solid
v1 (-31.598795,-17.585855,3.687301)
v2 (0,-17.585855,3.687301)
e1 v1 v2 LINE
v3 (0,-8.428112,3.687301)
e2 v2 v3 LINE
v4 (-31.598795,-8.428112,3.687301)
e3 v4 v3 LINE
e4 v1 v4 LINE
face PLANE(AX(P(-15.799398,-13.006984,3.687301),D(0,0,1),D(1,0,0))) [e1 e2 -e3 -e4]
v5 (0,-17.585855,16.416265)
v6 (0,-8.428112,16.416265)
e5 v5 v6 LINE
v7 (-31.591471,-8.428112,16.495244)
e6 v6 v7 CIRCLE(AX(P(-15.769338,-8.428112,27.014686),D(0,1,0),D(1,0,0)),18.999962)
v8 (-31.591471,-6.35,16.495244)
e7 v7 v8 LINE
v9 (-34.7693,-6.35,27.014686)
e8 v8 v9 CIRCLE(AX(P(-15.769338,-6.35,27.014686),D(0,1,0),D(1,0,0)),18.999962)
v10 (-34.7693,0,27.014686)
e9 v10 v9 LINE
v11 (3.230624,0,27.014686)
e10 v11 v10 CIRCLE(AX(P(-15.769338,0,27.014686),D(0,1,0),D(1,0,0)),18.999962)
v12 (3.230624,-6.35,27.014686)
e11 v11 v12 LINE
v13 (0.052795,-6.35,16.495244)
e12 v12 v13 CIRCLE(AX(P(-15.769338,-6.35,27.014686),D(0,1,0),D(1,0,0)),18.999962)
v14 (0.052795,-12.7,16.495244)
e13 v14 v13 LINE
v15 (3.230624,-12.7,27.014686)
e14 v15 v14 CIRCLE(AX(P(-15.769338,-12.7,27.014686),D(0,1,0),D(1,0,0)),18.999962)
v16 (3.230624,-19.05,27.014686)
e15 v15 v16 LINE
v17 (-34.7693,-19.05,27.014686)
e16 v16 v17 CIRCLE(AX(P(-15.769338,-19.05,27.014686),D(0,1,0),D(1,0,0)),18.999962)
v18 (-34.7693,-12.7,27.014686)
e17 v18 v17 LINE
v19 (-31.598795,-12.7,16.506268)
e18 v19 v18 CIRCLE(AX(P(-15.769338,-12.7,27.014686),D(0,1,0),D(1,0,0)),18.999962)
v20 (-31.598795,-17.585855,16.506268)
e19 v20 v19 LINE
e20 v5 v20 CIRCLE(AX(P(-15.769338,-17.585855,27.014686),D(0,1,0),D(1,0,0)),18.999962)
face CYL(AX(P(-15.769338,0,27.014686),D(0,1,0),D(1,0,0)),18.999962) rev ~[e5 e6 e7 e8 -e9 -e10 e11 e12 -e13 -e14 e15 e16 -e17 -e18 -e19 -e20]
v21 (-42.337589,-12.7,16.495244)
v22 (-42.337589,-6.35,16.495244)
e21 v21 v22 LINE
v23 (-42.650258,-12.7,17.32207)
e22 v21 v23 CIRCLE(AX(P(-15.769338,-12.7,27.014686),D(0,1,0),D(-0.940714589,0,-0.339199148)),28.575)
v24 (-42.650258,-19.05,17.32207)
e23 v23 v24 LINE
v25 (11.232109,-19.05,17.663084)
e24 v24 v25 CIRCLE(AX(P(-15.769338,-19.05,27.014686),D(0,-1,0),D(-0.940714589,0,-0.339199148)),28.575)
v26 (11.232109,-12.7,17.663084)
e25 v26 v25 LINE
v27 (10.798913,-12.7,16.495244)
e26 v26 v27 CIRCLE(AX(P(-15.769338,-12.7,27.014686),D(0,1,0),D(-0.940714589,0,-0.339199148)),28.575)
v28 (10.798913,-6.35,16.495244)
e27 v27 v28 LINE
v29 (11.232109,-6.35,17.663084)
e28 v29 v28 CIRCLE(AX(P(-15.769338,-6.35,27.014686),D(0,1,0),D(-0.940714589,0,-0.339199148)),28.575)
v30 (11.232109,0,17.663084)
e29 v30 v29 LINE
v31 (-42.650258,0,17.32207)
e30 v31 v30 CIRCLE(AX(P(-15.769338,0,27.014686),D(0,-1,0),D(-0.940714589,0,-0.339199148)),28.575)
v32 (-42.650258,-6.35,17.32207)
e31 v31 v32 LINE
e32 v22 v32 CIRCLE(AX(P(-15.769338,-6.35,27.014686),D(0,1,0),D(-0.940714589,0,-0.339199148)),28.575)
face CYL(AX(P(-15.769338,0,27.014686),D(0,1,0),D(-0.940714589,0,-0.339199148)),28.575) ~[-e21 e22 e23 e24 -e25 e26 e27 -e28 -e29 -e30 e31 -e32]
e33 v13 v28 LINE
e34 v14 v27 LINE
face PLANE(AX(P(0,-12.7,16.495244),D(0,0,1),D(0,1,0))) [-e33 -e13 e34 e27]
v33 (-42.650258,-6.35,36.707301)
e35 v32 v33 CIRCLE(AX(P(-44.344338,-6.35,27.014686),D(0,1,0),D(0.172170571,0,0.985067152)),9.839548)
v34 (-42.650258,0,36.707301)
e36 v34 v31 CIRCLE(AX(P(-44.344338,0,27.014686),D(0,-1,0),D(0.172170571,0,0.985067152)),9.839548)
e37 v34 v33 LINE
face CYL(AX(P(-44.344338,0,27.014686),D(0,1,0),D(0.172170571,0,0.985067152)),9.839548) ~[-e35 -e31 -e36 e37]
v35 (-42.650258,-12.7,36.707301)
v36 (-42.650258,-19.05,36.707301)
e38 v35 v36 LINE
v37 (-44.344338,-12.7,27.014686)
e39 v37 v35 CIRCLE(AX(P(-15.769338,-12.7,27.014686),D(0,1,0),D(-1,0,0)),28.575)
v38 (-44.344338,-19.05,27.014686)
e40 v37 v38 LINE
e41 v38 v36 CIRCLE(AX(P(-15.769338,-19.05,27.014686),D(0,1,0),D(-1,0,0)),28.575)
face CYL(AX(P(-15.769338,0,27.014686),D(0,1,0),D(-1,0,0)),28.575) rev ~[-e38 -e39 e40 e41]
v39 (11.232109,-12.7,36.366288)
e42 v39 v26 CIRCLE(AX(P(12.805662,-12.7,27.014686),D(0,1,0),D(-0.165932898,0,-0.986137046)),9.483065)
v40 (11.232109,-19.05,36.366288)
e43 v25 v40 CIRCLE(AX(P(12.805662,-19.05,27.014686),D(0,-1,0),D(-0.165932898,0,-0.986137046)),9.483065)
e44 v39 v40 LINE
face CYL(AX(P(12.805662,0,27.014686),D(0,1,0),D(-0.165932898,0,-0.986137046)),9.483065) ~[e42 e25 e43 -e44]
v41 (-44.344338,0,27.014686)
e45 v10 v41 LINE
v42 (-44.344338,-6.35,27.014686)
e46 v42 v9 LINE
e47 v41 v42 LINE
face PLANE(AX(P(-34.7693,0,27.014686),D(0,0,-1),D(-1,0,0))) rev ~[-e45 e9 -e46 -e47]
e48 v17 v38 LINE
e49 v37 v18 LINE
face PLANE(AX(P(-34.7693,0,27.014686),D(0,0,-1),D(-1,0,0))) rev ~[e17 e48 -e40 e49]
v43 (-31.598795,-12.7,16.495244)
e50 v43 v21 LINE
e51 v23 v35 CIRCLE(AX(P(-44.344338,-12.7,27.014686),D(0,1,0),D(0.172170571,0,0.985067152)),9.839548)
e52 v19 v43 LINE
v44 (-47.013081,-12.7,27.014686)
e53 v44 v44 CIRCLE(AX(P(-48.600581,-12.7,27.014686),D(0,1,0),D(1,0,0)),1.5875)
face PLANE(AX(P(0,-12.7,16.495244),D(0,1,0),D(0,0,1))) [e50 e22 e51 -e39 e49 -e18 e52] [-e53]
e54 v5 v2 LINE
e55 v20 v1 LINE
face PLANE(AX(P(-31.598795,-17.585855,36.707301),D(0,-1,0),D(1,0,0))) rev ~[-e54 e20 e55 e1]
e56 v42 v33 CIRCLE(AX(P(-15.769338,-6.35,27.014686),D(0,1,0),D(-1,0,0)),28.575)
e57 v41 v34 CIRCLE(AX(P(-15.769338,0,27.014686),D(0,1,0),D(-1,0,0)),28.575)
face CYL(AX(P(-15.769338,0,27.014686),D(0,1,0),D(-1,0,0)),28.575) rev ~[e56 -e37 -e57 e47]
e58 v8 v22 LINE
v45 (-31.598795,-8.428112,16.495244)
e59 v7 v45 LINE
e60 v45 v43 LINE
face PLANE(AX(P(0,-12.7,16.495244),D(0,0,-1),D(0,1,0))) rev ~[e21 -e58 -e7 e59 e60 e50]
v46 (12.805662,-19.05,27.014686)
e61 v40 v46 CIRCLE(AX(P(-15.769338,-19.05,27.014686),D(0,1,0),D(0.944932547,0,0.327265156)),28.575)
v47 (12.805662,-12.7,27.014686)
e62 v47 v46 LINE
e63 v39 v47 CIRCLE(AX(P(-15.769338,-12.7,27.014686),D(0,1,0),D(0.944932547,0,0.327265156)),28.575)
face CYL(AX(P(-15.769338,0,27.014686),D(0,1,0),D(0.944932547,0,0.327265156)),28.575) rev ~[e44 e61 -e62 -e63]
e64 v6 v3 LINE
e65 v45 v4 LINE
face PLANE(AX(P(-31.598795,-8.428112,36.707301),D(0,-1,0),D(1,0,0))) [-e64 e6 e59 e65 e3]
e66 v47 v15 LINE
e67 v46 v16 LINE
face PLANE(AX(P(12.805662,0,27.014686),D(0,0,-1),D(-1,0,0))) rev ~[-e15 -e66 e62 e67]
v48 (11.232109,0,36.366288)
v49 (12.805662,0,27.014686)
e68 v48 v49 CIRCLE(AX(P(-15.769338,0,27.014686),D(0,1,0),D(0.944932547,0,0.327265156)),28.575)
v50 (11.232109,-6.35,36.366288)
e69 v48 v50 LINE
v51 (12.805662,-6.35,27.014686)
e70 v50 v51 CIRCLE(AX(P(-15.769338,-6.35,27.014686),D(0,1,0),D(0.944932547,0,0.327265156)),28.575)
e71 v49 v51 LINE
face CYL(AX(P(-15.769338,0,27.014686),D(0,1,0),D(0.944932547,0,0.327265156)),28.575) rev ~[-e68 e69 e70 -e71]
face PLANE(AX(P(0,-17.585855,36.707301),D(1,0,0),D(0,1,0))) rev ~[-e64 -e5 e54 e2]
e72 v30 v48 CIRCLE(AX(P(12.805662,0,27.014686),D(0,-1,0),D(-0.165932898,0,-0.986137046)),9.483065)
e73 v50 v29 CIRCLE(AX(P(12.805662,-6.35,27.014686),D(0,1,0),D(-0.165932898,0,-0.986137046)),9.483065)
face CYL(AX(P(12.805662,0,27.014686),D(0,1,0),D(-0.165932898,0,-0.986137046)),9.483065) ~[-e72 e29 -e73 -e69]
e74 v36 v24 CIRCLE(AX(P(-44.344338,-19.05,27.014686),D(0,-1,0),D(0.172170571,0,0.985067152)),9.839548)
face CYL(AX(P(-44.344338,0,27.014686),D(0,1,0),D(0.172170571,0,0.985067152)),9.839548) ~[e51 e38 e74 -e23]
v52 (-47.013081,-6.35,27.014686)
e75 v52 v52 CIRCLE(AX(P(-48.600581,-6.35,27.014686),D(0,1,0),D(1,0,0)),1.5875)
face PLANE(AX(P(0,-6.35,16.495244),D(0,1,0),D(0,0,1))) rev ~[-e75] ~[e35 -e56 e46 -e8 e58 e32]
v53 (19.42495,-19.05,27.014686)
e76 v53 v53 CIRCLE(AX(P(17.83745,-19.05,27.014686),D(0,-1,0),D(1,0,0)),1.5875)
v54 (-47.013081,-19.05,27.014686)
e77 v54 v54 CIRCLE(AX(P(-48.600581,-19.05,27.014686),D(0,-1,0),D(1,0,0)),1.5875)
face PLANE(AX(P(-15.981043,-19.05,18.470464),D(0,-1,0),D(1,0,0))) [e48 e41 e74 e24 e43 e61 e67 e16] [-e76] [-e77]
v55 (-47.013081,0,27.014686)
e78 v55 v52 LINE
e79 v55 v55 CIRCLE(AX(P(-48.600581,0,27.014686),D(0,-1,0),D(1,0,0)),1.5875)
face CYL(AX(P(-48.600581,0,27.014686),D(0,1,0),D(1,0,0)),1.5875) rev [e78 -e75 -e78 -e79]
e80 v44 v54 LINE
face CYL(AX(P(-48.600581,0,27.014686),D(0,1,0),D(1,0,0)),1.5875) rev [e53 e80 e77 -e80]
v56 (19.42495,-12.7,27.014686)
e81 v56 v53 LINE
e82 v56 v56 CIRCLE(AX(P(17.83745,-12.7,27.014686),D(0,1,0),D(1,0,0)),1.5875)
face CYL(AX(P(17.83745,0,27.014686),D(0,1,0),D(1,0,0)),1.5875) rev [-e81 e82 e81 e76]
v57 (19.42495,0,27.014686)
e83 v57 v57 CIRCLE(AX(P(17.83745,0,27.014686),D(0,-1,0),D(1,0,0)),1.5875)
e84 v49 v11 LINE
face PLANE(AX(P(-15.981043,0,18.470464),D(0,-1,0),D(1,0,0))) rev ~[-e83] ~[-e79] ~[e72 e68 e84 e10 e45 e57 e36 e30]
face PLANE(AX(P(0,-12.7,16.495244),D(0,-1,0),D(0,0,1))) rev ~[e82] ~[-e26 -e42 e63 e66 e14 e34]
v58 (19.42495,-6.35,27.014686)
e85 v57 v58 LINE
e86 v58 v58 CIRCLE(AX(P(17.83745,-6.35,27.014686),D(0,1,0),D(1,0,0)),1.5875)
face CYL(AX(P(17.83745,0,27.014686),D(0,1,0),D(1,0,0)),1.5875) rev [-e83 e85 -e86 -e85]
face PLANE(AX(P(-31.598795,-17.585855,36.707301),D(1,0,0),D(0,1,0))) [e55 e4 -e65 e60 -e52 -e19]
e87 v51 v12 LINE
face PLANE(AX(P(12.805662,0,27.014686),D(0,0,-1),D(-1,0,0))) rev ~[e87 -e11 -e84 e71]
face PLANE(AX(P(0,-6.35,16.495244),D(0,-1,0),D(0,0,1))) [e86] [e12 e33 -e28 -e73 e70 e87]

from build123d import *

# Parameters (mm, degrees)
F0_R          = 1.5875
F1_DEPTH      = 19.05
F2_W          = 6.35
F2_H          = 21.8940776977
F3_DEPTH      = 69.31141
F3_DEPTH_BACK = 25.4
F5_W          = 31.5987952054
F5_H          = 9.1577427173
F6_DEPTH      = 33.02


with BuildPart() as f1:
    # F0 (on Front) → F1 (new body)
    with BuildSketch(Plane.XZ):
        with BuildLine():
            ThreePointArc((3.2306237647, 27.0146857947), (-15.7693382353, 8.0147237947), (-34.7693002353, 27.0146857947))
            Line((-34.7693002353, 27.0146857947), (-44.3443382353, 27.0146857947))
            ThreePointArc((-44.3443382353, 27.0146857947), (-43.9176321109, 31.9344598635), (-42.6502576132, 36.7073014581))
            ThreePointArc((-42.6502576132, 36.7073014581), (-54.1838863729, 27.0146857947), (-42.6502576132, 17.3220701313))
            ThreePointArc((-42.6502576132, 17.3220701313), (-15.5884947503, -1.5597419447), (11.2321092838, 17.6630839601))
            ThreePointArc((11.2321092838, 17.6630839601), (22.288726896, 27.0146857947), (11.2321092838, 36.3662876293))
            ThreePointArc((11.2321092838, 36.3662876293), (12.4095278514, 31.7562183603), (12.8056617647, 27.0146857947))
            Line((12.8056617647, 27.0146857947), (3.2306237647, 27.0146857947))
        make_face()
        with Locations((-48.6005805433, 27.0146857947)):
            Circle(F0_R, mode=Mode.SUBTRACT)
        with Locations((17.8374499083, 27.0146857947)):
            Circle(F0_R, mode=Mode.SUBTRACT)
    extrude(amount=F1_DEPTH)

    # F2 (on Right) → F3 (cut, two sides)
    with BuildSketch(Plane.YZ) as f3_sk:
        with Locations((-9.525, 27.4422825678)):
            Rectangle(F2_W, F2_H)
    extrude(amount=-F3_DEPTH, mode=Mode.SUBTRACT)
    extrude(f3_sk.sketch, amount=F3_DEPTH_BACK, mode=Mode.SUBTRACT)

    # F5 (on plane+point) → F6 (cut)
    with BuildSketch(Plane.XY.offset(36.7073014581)):
        with Locations((-15.7993976027, -13.0069836187)):
            Rectangle(F5_W, F5_H)
    extrude(amount=-F6_DEPTH, mode=Mode.SUBTRACT)


solid = f1.part
